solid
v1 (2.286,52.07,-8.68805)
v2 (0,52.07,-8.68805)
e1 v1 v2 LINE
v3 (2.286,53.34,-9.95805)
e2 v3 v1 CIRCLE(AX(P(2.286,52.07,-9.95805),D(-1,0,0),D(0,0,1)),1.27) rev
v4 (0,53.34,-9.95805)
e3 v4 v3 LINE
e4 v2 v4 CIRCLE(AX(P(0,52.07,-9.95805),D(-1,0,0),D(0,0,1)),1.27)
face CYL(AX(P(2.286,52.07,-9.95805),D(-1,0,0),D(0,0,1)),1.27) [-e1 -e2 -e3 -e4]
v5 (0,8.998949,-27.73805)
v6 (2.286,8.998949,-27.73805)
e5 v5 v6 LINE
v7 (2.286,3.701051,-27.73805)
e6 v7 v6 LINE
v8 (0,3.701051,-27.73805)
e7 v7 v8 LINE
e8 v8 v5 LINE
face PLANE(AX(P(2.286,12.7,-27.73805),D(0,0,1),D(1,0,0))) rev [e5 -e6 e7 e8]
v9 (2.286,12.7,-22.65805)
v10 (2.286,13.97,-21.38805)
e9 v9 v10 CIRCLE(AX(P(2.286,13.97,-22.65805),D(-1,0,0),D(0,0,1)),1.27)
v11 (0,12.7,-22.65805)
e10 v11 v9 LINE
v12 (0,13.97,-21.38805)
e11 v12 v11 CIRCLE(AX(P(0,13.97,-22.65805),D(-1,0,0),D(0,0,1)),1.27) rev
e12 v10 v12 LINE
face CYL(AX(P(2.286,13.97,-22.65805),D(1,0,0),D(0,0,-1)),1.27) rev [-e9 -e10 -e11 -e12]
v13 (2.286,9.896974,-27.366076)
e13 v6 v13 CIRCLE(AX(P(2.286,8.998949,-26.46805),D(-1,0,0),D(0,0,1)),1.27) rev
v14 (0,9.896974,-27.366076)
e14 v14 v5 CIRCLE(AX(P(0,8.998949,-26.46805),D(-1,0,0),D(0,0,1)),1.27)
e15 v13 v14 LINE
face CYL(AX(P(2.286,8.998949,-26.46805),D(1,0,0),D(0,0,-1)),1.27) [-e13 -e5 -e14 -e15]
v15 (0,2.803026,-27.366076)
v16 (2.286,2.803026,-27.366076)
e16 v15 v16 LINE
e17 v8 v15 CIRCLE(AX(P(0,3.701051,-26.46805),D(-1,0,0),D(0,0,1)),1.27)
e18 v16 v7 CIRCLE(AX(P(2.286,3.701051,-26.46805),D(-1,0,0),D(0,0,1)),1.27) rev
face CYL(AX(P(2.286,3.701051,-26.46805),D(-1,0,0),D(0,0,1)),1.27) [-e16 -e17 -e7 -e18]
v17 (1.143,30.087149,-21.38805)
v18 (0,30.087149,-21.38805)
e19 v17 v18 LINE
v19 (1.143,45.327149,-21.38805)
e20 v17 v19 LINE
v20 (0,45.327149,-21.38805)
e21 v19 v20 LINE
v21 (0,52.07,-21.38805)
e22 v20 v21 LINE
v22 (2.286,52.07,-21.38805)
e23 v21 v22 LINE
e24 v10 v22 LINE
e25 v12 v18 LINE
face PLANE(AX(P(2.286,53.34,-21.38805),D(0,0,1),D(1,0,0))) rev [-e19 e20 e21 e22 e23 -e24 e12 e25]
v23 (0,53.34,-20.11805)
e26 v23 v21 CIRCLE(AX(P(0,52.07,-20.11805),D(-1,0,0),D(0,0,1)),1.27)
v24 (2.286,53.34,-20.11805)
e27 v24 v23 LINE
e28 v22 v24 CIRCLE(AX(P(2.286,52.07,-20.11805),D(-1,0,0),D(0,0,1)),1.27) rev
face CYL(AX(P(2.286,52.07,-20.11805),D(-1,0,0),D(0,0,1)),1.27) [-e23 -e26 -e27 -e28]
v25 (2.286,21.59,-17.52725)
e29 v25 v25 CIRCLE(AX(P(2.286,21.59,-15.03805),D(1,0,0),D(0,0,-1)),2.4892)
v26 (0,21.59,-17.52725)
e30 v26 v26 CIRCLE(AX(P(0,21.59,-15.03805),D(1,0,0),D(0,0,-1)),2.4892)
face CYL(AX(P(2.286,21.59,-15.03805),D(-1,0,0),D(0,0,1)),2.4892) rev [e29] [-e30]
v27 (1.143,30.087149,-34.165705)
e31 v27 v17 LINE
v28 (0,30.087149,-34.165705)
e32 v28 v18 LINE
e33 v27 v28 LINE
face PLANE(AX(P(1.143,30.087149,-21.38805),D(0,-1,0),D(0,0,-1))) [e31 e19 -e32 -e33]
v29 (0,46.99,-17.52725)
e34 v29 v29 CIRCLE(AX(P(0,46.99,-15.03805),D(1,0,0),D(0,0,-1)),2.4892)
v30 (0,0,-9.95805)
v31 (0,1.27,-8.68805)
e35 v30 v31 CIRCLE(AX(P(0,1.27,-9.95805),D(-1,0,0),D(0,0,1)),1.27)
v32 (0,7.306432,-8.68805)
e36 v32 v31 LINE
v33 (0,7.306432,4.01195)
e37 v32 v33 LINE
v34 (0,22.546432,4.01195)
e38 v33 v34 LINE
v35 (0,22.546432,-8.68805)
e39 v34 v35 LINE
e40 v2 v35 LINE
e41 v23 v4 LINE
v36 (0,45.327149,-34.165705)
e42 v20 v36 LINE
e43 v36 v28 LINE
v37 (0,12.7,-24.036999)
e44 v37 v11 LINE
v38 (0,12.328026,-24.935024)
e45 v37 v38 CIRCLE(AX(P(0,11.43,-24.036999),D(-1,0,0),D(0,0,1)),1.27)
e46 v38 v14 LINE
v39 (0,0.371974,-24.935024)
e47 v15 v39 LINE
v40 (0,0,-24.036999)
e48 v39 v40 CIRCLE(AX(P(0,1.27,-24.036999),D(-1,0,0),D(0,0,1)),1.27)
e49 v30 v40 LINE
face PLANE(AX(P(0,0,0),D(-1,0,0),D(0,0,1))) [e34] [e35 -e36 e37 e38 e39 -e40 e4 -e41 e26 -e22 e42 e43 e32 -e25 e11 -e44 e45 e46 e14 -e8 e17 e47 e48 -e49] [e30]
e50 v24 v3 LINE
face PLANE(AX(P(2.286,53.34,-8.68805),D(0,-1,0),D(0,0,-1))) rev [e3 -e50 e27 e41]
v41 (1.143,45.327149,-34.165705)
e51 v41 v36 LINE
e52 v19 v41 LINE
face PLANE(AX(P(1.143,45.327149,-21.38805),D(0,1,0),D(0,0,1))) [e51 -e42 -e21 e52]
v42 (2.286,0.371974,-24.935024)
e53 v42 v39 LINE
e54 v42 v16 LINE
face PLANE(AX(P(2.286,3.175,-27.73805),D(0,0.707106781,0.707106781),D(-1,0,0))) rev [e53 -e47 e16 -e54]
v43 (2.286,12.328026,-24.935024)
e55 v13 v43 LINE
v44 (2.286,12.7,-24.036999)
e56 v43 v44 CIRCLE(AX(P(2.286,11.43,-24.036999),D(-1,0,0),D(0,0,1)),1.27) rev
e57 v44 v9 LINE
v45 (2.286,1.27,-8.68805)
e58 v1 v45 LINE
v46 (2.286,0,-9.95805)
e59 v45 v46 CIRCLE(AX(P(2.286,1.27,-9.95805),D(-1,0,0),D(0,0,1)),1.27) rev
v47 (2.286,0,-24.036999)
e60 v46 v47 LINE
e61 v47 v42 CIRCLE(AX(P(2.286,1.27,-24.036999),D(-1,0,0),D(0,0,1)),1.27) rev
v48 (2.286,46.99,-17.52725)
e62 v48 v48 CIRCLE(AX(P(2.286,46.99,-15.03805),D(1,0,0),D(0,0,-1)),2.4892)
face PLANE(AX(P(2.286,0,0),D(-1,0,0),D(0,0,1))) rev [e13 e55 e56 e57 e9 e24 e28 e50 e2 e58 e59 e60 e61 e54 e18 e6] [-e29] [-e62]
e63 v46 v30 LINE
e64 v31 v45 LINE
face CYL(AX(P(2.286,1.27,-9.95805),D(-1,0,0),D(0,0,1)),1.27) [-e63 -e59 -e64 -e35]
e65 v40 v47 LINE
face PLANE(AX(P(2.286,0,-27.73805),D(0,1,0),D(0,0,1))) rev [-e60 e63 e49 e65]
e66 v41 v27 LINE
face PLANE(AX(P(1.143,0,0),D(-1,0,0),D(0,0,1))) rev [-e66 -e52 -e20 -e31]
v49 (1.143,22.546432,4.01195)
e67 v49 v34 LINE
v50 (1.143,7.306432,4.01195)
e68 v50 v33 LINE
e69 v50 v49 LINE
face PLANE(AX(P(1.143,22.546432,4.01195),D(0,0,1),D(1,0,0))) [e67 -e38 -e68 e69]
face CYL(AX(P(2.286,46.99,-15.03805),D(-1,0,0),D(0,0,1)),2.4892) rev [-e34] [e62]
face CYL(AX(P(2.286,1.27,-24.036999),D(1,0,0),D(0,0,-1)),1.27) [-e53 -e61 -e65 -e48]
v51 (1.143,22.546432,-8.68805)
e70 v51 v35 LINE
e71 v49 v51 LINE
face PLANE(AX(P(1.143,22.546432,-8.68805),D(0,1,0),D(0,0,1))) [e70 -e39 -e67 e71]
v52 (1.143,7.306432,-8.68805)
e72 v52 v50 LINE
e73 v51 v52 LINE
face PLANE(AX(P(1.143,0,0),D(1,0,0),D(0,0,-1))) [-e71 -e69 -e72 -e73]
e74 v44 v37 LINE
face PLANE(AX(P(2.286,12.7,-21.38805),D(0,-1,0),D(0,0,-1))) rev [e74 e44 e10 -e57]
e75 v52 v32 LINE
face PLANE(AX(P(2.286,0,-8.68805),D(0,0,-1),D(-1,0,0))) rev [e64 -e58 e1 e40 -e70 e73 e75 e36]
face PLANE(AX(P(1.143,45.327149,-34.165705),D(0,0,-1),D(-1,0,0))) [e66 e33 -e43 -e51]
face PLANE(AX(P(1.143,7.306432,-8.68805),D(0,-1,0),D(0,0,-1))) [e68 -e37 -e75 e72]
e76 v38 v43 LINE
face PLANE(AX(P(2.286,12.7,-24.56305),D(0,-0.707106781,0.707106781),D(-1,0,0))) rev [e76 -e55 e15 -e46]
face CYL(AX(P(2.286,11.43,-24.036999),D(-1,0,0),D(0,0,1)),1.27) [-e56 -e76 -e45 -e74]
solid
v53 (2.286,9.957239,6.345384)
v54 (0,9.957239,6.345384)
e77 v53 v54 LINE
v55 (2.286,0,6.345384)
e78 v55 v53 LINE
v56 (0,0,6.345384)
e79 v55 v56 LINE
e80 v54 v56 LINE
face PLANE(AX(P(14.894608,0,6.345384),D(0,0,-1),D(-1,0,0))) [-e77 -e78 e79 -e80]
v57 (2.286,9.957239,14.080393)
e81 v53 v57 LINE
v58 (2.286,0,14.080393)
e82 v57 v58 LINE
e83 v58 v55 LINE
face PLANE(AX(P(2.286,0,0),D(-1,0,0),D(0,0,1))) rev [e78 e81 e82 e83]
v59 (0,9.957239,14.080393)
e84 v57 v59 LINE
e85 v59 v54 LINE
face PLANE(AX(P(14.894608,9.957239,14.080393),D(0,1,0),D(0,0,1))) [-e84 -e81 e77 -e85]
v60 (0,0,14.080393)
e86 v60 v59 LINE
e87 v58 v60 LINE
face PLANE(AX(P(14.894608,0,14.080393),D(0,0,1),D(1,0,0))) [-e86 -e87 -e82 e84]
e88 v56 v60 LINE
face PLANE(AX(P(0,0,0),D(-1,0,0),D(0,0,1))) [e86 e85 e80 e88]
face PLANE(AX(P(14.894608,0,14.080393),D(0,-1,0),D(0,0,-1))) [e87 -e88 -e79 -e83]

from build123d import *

# Parameters (mm, degrees)
SKETCH1_R           = 2.4892
BOSS_EXTRUDE1_DEPTH = 2.286
CHAMFER1_SIZE       = 3.175
FILLET2_R           = 1.27
SKETCH3_W           = 7.735009394
SKETCH3_H           = 9.957239347
BOSS_EXTRUDE2_DEPTH = 2.286
SKETCH5_W           = 12.7
SKETCH5_H           = 15.24
SKETCH5_W_2         = 12.777654753
BOSS_EXTRUDE3_DEPTH = 1.143


with BuildPart() as part:
    # Sketch1 → Boss-Extrude1 (new body)
    with BuildSketch(Plane(origin=(0, 0, -8.688049905), x_dir=(0, 0, -1), z_dir=(1, 0, 0))):
        Polygon((0, 0), (0, 53.34), (12.7, 53.34), (12.7, 12.7), (19.05, 12.7), (19.05, 0), align=None)
        with Locations((6.35, 46.99)):
            Circle(SKETCH1_R, mode=Mode.SUBTRACT)
        with Locations((6.35, 21.59)):
            Circle(SKETCH1_R, mode=Mode.SUBTRACT)
    extrude(amount=BOSS_EXTRUDE1_DEPTH)

    # Chamfer1
    chamfer1_edges = [part.edges().sort_by_distance(p)[0] for p in [
        (1.143, 12.7, -27.738049905),
        (1.143, 0, -27.738049905),
    ]]
    chamfer(chamfer1_edges, length=CHAMFER1_SIZE)

    # Fillet2
    fillet2_edges = [part.edges().sort_by_distance(p)[0] for p in [
        (1.143, 0, -8.688049905),
        (1.143, 53.34, -8.688049905),
        (1.143, 53.34, -21.388049905),
        (1.143, 12.7, -21.388049905),
        (1.143, 9.525, -27.738049905),
        (1.143, 3.175, -27.738049905),
        (1.143, 0, -24.563049905),
        (1.143, 12.7, -24.563049905),
    ]]
    fillet(fillet2_edges, radius=FILLET2_R)

    # Sketch5 → Boss-Extrude3 (add)
    with BuildSketch(Plane.ZY):
        with Locations((-2.338049905, 14.926432306)):
            Rectangle(SKETCH5_W, SKETCH5_H)
        with Locations((-27.776877282, 37.707148949)):
            Rectangle(SKETCH5_W_2, SKETCH5_H)
    extrude(amount=-BOSS_EXTRUDE3_DEPTH)


with BuildPart() as body_2:
    # Sketch3 → Boss-Extrude2 (new body)
    with BuildSketch(Plane.ZY):
        with Locations((10.2128886, 4.978619673)):
            Rectangle(SKETCH3_W, SKETCH3_H)
    extrude(amount=-BOSS_EXTRUDE2_DEPTH)


solid = Compound([part.part, body_2.part])
